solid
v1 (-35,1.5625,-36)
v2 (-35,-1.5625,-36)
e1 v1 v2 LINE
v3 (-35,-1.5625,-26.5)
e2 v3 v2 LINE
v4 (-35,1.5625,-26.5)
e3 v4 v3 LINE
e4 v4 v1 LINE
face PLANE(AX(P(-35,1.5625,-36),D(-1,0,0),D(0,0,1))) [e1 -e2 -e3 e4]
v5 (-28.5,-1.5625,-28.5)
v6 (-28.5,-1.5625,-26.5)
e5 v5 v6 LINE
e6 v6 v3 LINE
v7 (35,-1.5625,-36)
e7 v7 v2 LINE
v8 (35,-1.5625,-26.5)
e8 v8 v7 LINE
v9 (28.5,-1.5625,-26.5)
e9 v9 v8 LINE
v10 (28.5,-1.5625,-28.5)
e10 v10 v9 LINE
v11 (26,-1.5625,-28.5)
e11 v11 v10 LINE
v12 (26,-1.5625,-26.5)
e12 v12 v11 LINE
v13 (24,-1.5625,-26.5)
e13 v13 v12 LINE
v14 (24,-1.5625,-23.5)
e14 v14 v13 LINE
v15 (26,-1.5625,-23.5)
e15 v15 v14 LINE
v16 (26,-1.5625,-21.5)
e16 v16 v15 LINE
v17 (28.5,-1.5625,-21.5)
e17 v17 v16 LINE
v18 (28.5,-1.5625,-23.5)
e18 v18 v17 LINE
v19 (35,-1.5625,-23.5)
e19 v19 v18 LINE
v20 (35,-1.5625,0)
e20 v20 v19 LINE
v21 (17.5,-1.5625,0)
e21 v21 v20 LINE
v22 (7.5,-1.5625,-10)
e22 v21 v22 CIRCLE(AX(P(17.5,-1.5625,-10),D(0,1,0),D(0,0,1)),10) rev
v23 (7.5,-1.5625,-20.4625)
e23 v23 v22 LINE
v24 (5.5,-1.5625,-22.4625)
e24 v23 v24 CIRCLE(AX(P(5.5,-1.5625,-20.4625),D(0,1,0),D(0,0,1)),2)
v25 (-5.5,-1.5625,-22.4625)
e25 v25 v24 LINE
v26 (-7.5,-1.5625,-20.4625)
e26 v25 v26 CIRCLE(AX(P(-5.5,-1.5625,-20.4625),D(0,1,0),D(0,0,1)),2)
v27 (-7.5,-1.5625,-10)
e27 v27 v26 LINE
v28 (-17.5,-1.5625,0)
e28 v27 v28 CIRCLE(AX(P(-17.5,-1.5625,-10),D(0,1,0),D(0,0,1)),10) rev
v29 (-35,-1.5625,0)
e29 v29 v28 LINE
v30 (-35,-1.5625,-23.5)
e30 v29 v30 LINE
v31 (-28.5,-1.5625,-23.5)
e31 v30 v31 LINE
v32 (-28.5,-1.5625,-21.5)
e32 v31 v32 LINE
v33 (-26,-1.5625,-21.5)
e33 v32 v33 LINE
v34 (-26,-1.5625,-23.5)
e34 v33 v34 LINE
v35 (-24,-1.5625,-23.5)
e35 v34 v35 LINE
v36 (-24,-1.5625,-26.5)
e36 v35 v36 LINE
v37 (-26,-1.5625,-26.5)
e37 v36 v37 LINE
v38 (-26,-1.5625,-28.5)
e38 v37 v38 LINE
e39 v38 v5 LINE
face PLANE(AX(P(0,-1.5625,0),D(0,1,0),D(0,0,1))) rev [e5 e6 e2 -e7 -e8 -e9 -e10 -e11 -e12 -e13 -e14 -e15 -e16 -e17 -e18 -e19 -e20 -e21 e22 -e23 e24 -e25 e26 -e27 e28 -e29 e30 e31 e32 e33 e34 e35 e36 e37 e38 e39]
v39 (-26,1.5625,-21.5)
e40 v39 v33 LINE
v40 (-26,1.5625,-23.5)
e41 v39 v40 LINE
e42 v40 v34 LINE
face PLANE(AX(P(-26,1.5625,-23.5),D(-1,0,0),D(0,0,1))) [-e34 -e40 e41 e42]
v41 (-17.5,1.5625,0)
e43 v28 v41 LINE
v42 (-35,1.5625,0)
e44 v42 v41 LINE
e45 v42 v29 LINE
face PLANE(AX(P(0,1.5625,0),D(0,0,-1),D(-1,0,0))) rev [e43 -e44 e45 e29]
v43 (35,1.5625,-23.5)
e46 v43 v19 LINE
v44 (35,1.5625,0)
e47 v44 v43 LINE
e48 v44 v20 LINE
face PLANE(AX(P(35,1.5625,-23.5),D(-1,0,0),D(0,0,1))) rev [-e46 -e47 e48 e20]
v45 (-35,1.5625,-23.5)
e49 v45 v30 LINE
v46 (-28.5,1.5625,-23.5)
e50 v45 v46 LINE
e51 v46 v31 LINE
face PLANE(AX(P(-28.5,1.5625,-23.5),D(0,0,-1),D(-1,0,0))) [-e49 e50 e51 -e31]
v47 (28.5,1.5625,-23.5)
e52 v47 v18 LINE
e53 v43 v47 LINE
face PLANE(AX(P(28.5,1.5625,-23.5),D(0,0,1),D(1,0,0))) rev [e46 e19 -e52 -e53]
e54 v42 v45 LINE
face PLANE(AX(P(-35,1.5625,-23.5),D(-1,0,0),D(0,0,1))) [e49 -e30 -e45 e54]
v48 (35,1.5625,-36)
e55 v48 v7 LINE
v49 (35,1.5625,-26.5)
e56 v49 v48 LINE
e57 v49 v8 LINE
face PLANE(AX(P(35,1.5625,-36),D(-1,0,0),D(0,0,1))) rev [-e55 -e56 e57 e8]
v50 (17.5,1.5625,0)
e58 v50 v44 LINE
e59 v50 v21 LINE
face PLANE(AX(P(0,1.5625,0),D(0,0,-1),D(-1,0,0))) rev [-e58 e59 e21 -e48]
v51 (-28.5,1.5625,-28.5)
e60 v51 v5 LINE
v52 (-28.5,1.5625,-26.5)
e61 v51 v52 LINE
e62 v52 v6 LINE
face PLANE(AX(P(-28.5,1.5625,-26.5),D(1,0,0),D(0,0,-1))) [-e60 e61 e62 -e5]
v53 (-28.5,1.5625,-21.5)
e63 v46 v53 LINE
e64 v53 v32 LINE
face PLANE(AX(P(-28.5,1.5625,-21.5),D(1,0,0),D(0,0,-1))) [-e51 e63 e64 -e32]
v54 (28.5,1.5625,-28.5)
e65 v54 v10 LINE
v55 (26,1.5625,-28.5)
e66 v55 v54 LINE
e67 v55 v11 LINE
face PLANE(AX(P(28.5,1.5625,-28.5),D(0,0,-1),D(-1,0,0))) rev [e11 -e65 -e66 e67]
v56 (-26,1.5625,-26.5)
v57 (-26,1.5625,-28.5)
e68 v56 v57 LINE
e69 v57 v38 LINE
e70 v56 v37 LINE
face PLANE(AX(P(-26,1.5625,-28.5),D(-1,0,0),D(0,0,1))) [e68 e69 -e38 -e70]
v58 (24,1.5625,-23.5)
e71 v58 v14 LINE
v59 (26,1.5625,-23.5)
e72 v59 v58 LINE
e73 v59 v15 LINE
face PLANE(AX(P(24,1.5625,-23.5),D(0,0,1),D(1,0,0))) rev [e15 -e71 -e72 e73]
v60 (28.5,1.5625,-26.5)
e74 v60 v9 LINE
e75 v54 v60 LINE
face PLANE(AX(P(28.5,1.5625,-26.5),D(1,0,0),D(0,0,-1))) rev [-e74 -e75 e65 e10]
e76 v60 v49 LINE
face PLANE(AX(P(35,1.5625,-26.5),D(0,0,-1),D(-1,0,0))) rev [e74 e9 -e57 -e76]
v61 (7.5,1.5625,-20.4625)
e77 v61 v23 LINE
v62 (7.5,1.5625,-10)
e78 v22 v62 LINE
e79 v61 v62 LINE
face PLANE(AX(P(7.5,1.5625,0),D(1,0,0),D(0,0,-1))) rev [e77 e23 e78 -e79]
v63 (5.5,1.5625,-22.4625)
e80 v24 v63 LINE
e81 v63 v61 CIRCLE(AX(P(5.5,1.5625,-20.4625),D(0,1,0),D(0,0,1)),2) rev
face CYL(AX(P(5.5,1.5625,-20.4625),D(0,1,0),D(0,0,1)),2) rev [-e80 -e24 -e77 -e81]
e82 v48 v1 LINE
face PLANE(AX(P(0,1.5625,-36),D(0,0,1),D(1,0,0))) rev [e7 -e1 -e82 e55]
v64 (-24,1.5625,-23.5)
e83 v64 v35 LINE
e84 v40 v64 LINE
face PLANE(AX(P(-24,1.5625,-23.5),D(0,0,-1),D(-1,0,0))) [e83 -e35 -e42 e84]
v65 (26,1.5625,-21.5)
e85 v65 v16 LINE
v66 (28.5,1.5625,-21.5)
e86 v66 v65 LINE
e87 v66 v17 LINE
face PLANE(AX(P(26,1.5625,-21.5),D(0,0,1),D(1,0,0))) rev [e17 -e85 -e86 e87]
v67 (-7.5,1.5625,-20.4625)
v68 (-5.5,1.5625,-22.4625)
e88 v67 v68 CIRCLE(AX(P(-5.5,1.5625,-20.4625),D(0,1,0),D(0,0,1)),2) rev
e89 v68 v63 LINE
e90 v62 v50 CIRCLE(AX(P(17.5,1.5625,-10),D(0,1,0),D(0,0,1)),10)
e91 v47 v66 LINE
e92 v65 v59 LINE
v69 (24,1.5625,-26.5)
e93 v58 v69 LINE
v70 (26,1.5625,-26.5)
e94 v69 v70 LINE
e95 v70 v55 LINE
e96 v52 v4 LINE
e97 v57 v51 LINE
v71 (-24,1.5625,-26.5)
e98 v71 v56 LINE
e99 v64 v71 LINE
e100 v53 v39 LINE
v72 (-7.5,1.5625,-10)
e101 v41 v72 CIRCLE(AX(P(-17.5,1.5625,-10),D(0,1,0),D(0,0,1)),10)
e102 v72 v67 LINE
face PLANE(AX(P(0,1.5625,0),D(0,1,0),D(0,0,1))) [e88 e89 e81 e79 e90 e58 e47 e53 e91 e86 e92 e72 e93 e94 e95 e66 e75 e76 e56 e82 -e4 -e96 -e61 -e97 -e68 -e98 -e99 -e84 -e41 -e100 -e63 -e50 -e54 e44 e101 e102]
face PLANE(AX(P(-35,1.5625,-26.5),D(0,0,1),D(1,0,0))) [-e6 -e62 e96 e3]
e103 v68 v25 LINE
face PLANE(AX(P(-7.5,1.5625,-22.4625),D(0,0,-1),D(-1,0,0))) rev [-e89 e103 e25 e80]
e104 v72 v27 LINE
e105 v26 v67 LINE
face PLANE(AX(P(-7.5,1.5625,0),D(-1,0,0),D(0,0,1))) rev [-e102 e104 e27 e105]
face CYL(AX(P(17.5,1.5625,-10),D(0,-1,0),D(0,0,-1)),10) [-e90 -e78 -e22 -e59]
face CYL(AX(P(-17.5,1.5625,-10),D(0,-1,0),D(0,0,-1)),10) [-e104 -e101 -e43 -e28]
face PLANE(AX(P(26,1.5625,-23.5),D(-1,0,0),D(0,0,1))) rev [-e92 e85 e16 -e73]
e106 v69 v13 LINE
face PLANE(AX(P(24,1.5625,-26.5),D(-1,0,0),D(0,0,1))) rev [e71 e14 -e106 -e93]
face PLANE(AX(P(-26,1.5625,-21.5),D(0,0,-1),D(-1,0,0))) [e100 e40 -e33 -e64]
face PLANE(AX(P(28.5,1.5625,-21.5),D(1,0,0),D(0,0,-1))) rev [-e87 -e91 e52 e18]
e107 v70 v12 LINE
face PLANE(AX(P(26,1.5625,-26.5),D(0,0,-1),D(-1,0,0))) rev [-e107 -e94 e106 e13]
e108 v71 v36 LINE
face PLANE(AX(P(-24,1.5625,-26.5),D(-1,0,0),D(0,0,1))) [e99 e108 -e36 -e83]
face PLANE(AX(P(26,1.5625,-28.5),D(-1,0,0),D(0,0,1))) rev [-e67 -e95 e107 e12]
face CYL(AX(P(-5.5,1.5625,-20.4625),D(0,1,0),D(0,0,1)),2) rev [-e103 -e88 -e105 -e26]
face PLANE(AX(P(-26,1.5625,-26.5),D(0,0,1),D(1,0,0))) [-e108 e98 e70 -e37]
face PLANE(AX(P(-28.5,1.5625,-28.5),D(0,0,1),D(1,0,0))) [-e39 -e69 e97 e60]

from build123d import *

# Parameters (mm, degrees)
BOSS_EXTRUDE1_DEPTH = 1.5625
SKETCH2_W           = 15
SKETCH2_H           = 22.4625
CUT_EXTRUDE1_DEPTH  = 4.125
FILLET1_R           = 10
FILLET2_R           = 2


with BuildPart() as part:
    # Sketch1 → Boss-Extrude1 (new body, symmetric)
    with BuildSketch(Plane(origin=(0, 0, 0), x_dir=(1, 0, 0), z_dir=(0, 1, 0))):
        Polygon((0, 36), (35, 36), (35, 26.5), (28.5, 26.5), (28.5, 28.5), (26, 28.5), (26, 26.5), (24, 26.5), (24, 23.5), (26, 23.5), (26, 21.5), (28.5, 21.5), (28.5, 23.5), (35, 23.5), (35, 0), (0, 0), align=None)
    boss_extrude1 = extrude(amount=BOSS_EXTRUDE1_DEPTH, both=True)

    # Mirror1: Boss-Extrude1 across plane
    add(boss_extrude1.mirror(Plane(origin=(0, 0, 0), x_dir=(0, 0, 1), z_dir=(1, 0, 0))))

    # Sketch2 → Cut-Extrude1 (cut, through all)
    with BuildSketch(Plane.XZ.offset(1.5625)):
        with Locations((0, -11.23125)):
            Rectangle(SKETCH2_W, SKETCH2_H)
    extrude(amount=-CUT_EXTRUDE1_DEPTH, mode=Mode.SUBTRACT)

    # Fillet1
    fillet1_edges = [part.edges().sort_by_distance(p)[0] for p in [
        (-7.5, 0, 0),
        (7.5, 0, 0),
    ]]
    fillet(fillet1_edges, radius=FILLET1_R)

    # Fillet2
    fillet2_edges = [part.edges().sort_by_distance(p)[0] for p in [
        (-7.5, 0, -22.4625),
        (7.5, 0, -22.4625),
    ]]
    fillet(fillet2_edges, radius=FILLET2_R)


solid = part.part
